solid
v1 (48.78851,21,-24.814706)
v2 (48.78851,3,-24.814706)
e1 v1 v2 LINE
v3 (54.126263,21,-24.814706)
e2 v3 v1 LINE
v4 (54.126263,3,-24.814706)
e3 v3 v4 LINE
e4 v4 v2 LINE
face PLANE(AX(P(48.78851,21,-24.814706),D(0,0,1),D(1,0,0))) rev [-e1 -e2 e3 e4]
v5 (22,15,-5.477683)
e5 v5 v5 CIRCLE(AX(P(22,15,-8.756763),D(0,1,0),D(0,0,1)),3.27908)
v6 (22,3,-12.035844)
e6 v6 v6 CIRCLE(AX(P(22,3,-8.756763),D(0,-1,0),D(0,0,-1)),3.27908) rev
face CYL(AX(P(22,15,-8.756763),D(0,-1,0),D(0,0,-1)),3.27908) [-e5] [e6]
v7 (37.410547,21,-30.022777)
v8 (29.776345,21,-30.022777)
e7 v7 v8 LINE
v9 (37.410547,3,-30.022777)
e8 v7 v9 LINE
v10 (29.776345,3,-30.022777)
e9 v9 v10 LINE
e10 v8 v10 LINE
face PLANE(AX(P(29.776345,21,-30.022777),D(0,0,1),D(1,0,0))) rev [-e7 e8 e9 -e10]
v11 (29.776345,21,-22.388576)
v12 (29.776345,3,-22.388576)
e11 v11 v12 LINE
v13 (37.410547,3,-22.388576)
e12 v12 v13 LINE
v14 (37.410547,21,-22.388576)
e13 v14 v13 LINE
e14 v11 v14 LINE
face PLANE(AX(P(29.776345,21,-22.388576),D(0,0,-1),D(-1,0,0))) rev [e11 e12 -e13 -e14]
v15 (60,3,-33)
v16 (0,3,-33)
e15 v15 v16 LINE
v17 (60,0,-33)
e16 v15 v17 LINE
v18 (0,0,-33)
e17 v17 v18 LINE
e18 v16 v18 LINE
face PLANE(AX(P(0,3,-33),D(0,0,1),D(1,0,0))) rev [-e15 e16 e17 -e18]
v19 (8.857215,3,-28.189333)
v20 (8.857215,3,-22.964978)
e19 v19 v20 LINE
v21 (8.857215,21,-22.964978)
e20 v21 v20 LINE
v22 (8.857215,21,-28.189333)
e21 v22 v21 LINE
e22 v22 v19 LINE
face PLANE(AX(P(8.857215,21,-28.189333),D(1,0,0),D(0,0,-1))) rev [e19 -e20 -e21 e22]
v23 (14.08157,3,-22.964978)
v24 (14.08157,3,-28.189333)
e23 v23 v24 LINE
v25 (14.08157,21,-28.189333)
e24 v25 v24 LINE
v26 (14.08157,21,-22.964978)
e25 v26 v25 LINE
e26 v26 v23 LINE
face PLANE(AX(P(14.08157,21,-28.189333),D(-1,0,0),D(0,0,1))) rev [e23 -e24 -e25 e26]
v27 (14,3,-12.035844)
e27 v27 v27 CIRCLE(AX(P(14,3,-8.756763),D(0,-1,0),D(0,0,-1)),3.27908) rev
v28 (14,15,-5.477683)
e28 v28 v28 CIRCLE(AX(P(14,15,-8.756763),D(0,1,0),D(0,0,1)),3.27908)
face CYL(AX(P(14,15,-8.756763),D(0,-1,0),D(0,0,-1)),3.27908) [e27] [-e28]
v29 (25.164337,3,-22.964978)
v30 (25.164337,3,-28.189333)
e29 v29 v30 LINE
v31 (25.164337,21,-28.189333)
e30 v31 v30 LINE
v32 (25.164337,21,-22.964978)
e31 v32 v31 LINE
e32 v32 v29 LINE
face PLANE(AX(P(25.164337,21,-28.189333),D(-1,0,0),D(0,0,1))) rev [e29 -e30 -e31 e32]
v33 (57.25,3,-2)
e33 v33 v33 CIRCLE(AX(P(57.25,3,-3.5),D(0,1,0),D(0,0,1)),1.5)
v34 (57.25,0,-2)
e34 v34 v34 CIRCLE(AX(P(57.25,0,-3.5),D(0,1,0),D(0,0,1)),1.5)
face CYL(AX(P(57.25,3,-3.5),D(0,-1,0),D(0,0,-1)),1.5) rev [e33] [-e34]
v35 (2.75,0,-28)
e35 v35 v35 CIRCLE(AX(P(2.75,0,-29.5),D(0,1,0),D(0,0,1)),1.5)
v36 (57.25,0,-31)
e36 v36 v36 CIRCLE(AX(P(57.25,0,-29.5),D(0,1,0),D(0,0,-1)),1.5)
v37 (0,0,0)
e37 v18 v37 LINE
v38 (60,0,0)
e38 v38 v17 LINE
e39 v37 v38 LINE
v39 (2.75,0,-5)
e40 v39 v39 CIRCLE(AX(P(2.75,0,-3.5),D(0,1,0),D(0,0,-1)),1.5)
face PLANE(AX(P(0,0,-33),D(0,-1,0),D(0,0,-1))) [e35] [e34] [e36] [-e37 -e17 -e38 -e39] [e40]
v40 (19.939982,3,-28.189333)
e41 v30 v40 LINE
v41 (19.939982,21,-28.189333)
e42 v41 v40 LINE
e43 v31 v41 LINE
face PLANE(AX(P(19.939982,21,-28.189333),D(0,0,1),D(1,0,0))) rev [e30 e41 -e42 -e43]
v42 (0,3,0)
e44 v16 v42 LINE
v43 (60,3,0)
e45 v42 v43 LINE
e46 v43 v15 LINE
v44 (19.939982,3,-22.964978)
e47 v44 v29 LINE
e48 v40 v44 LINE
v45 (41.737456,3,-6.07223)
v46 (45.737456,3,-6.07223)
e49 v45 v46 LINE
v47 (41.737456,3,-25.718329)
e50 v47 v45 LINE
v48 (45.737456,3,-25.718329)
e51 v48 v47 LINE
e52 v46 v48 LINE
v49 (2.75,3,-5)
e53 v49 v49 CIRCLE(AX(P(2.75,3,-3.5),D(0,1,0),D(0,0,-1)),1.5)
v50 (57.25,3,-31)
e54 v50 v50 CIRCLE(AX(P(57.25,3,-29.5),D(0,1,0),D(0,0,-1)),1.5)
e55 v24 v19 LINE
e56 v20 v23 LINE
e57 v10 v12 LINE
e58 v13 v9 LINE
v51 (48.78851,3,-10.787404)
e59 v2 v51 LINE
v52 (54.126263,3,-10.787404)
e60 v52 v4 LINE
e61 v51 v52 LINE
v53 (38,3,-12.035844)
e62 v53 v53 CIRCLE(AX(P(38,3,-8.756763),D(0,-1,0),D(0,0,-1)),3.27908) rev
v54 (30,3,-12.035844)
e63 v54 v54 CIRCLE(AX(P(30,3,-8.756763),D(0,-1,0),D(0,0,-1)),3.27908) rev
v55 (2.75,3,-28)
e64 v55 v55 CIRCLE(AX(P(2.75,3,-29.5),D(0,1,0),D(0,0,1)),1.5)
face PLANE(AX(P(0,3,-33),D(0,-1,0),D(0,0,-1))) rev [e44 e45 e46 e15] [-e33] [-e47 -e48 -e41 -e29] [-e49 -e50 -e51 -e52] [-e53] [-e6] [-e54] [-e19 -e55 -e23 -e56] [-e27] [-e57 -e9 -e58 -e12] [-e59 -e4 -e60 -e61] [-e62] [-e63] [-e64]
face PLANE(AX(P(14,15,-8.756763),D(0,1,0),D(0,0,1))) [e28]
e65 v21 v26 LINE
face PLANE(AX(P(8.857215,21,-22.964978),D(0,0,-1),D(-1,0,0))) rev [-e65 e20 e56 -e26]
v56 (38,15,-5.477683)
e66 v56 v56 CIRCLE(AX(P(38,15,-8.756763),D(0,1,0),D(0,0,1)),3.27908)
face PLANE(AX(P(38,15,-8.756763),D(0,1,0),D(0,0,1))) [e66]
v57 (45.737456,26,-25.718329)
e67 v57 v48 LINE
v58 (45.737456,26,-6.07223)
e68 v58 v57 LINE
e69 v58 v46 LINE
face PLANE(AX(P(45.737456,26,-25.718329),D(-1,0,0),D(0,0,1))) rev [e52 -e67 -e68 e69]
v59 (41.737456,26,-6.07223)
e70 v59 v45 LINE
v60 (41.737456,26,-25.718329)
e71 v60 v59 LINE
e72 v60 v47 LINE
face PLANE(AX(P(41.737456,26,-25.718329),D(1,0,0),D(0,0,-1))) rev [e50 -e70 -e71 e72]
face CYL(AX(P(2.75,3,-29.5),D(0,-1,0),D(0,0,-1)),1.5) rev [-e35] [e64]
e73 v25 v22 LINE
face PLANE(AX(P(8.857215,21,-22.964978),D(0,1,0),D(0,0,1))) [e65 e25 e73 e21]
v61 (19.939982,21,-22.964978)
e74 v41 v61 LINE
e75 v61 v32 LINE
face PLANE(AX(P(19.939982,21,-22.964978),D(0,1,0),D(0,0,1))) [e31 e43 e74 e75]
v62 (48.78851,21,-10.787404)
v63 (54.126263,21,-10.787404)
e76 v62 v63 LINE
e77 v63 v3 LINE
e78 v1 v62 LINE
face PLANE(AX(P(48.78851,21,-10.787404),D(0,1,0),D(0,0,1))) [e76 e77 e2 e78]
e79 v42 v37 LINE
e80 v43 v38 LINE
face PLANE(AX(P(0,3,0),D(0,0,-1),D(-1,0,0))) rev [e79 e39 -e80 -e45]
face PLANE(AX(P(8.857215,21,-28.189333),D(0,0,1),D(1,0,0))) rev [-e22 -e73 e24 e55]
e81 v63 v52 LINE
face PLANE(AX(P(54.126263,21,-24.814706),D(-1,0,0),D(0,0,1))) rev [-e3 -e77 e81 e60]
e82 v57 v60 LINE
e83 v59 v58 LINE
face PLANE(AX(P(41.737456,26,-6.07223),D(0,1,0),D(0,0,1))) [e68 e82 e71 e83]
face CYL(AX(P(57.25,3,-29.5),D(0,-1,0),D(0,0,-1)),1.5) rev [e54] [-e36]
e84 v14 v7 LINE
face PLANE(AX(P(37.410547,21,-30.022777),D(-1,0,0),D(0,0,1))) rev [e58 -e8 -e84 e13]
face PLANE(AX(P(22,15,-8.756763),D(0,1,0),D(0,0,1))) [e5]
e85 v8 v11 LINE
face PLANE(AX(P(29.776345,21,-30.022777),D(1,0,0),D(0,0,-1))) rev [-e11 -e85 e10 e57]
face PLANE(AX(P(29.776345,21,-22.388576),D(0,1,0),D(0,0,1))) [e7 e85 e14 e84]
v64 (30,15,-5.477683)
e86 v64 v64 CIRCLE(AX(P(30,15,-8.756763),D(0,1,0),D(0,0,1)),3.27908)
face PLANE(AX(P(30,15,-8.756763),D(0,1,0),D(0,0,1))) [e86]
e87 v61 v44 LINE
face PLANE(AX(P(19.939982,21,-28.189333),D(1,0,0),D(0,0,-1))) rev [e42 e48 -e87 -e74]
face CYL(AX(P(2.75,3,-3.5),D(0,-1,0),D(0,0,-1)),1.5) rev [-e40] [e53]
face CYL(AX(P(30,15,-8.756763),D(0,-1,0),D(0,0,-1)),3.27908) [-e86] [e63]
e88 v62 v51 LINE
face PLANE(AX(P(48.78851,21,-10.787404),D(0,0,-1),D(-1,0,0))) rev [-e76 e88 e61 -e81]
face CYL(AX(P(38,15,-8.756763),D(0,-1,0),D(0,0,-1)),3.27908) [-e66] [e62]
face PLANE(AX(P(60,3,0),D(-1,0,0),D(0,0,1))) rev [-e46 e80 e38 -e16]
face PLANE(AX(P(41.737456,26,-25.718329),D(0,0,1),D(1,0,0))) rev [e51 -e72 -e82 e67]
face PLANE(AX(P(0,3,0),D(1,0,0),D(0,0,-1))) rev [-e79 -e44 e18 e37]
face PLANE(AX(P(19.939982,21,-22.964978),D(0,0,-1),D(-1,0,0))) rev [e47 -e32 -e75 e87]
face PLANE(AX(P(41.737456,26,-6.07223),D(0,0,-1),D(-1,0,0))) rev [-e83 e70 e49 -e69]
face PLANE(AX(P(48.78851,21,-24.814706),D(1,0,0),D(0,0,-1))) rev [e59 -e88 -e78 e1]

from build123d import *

# Parameters (mm, degrees)
ESQUISSE1_W      = 60
ESQUISSE1_H      = 33
ESQUISSE1_R      = 1.5
EXTRUSION1_DEPTH = 3
ESQUISSE2_W      = 7.634201779
ESQUISSE2_H      = 7.63420178
ESQUISSE2_W_2    = 5.337752956
ESQUISSE2_H_2    = 14.027301674
ESQUISSE2_W_3    = 5.224355128
ESQUISSE2_H_3    = 5.224355128
EXTRUSION2_DEPTH = 18
ESQUISSE3_R      = 3.279080348
EXTRUSION3_DEPTH = 12
ESQUISSE4_W      = 4
ESQUISSE4_H      = 19.646099489
EXTRUSION4_DEPTH = 23


with BuildPart() as part:
    # Esquisse1 → Extrusion1 (new body)
    with BuildSketch(Plane(origin=(0, 0, 0), x_dir=(1, 0, 0), z_dir=(0, 1, 0))):
        with Locations((30, 16.5)):
            Rectangle(ESQUISSE1_W, ESQUISSE1_H)
        with Locations((2.75, 29.5)):
            Circle(ESQUISSE1_R, mode=Mode.SUBTRACT)
        with Locations((57.25, 29.5)):
            Circle(ESQUISSE1_R, mode=Mode.SUBTRACT)
        with Locations((57.25, 3.5)):
            Circle(ESQUISSE1_R, mode=Mode.SUBTRACT)
        with Locations((2.75, 3.5)):
            Circle(ESQUISSE1_R, mode=Mode.SUBTRACT)
    extrude(amount=EXTRUSION1_DEPTH)

    # Esquisse2 → Extrusion2 (add)
    with BuildSketch(Plane(origin=(0, 3, 0), x_dir=(1, 0, 0), z_dir=(0, 1, 0))):
        with Locations((33.593446124, 26.205676479)):
            Rectangle(ESQUISSE2_W, ESQUISSE2_H)
        with Locations((51.457386868, 17.801055276)):
            Rectangle(ESQUISSE2_W_2, ESQUISSE2_H_2)
        with Locations((11.46939236, 25.577155504)):
            Rectangle(ESQUISSE2_W_3, ESQUISSE2_H_3)
        with Locations((22.552159567, 25.577155504)):
            Rectangle(ESQUISSE2_W_3, ESQUISSE2_H_3)
    extrude(amount=EXTRUSION2_DEPTH)

    # Esquisse3 → Extrusion3 (add)
    with BuildSketch(Plane(origin=(0, 3, 0), x_dir=(1, 0, 0), z_dir=(0, 1, 0))):
        with Locations((14, 8.756763264)):
            Circle(ESQUISSE3_R)
        with Locations((22, 8.756763264)):
            Circle(ESQUISSE3_R)
        with Locations((30, 8.756763264)):
            Circle(ESQUISSE3_R)
        with Locations((38, 8.756763264)):
            Circle(ESQUISSE3_R)
    extrude(amount=EXTRUSION3_DEPTH)

    # Esquisse4 → Extrusion4 (add)
    with BuildSketch(Plane(origin=(0, 3, 0), x_dir=(1, 0, 0), z_dir=(0, 1, 0))):
        with Locations((43.737455539, 15.895279312)):
            Rectangle(ESQUISSE4_W, ESQUISSE4_H)
    extrude(amount=EXTRUSION4_DEPTH)


solid = part.part
